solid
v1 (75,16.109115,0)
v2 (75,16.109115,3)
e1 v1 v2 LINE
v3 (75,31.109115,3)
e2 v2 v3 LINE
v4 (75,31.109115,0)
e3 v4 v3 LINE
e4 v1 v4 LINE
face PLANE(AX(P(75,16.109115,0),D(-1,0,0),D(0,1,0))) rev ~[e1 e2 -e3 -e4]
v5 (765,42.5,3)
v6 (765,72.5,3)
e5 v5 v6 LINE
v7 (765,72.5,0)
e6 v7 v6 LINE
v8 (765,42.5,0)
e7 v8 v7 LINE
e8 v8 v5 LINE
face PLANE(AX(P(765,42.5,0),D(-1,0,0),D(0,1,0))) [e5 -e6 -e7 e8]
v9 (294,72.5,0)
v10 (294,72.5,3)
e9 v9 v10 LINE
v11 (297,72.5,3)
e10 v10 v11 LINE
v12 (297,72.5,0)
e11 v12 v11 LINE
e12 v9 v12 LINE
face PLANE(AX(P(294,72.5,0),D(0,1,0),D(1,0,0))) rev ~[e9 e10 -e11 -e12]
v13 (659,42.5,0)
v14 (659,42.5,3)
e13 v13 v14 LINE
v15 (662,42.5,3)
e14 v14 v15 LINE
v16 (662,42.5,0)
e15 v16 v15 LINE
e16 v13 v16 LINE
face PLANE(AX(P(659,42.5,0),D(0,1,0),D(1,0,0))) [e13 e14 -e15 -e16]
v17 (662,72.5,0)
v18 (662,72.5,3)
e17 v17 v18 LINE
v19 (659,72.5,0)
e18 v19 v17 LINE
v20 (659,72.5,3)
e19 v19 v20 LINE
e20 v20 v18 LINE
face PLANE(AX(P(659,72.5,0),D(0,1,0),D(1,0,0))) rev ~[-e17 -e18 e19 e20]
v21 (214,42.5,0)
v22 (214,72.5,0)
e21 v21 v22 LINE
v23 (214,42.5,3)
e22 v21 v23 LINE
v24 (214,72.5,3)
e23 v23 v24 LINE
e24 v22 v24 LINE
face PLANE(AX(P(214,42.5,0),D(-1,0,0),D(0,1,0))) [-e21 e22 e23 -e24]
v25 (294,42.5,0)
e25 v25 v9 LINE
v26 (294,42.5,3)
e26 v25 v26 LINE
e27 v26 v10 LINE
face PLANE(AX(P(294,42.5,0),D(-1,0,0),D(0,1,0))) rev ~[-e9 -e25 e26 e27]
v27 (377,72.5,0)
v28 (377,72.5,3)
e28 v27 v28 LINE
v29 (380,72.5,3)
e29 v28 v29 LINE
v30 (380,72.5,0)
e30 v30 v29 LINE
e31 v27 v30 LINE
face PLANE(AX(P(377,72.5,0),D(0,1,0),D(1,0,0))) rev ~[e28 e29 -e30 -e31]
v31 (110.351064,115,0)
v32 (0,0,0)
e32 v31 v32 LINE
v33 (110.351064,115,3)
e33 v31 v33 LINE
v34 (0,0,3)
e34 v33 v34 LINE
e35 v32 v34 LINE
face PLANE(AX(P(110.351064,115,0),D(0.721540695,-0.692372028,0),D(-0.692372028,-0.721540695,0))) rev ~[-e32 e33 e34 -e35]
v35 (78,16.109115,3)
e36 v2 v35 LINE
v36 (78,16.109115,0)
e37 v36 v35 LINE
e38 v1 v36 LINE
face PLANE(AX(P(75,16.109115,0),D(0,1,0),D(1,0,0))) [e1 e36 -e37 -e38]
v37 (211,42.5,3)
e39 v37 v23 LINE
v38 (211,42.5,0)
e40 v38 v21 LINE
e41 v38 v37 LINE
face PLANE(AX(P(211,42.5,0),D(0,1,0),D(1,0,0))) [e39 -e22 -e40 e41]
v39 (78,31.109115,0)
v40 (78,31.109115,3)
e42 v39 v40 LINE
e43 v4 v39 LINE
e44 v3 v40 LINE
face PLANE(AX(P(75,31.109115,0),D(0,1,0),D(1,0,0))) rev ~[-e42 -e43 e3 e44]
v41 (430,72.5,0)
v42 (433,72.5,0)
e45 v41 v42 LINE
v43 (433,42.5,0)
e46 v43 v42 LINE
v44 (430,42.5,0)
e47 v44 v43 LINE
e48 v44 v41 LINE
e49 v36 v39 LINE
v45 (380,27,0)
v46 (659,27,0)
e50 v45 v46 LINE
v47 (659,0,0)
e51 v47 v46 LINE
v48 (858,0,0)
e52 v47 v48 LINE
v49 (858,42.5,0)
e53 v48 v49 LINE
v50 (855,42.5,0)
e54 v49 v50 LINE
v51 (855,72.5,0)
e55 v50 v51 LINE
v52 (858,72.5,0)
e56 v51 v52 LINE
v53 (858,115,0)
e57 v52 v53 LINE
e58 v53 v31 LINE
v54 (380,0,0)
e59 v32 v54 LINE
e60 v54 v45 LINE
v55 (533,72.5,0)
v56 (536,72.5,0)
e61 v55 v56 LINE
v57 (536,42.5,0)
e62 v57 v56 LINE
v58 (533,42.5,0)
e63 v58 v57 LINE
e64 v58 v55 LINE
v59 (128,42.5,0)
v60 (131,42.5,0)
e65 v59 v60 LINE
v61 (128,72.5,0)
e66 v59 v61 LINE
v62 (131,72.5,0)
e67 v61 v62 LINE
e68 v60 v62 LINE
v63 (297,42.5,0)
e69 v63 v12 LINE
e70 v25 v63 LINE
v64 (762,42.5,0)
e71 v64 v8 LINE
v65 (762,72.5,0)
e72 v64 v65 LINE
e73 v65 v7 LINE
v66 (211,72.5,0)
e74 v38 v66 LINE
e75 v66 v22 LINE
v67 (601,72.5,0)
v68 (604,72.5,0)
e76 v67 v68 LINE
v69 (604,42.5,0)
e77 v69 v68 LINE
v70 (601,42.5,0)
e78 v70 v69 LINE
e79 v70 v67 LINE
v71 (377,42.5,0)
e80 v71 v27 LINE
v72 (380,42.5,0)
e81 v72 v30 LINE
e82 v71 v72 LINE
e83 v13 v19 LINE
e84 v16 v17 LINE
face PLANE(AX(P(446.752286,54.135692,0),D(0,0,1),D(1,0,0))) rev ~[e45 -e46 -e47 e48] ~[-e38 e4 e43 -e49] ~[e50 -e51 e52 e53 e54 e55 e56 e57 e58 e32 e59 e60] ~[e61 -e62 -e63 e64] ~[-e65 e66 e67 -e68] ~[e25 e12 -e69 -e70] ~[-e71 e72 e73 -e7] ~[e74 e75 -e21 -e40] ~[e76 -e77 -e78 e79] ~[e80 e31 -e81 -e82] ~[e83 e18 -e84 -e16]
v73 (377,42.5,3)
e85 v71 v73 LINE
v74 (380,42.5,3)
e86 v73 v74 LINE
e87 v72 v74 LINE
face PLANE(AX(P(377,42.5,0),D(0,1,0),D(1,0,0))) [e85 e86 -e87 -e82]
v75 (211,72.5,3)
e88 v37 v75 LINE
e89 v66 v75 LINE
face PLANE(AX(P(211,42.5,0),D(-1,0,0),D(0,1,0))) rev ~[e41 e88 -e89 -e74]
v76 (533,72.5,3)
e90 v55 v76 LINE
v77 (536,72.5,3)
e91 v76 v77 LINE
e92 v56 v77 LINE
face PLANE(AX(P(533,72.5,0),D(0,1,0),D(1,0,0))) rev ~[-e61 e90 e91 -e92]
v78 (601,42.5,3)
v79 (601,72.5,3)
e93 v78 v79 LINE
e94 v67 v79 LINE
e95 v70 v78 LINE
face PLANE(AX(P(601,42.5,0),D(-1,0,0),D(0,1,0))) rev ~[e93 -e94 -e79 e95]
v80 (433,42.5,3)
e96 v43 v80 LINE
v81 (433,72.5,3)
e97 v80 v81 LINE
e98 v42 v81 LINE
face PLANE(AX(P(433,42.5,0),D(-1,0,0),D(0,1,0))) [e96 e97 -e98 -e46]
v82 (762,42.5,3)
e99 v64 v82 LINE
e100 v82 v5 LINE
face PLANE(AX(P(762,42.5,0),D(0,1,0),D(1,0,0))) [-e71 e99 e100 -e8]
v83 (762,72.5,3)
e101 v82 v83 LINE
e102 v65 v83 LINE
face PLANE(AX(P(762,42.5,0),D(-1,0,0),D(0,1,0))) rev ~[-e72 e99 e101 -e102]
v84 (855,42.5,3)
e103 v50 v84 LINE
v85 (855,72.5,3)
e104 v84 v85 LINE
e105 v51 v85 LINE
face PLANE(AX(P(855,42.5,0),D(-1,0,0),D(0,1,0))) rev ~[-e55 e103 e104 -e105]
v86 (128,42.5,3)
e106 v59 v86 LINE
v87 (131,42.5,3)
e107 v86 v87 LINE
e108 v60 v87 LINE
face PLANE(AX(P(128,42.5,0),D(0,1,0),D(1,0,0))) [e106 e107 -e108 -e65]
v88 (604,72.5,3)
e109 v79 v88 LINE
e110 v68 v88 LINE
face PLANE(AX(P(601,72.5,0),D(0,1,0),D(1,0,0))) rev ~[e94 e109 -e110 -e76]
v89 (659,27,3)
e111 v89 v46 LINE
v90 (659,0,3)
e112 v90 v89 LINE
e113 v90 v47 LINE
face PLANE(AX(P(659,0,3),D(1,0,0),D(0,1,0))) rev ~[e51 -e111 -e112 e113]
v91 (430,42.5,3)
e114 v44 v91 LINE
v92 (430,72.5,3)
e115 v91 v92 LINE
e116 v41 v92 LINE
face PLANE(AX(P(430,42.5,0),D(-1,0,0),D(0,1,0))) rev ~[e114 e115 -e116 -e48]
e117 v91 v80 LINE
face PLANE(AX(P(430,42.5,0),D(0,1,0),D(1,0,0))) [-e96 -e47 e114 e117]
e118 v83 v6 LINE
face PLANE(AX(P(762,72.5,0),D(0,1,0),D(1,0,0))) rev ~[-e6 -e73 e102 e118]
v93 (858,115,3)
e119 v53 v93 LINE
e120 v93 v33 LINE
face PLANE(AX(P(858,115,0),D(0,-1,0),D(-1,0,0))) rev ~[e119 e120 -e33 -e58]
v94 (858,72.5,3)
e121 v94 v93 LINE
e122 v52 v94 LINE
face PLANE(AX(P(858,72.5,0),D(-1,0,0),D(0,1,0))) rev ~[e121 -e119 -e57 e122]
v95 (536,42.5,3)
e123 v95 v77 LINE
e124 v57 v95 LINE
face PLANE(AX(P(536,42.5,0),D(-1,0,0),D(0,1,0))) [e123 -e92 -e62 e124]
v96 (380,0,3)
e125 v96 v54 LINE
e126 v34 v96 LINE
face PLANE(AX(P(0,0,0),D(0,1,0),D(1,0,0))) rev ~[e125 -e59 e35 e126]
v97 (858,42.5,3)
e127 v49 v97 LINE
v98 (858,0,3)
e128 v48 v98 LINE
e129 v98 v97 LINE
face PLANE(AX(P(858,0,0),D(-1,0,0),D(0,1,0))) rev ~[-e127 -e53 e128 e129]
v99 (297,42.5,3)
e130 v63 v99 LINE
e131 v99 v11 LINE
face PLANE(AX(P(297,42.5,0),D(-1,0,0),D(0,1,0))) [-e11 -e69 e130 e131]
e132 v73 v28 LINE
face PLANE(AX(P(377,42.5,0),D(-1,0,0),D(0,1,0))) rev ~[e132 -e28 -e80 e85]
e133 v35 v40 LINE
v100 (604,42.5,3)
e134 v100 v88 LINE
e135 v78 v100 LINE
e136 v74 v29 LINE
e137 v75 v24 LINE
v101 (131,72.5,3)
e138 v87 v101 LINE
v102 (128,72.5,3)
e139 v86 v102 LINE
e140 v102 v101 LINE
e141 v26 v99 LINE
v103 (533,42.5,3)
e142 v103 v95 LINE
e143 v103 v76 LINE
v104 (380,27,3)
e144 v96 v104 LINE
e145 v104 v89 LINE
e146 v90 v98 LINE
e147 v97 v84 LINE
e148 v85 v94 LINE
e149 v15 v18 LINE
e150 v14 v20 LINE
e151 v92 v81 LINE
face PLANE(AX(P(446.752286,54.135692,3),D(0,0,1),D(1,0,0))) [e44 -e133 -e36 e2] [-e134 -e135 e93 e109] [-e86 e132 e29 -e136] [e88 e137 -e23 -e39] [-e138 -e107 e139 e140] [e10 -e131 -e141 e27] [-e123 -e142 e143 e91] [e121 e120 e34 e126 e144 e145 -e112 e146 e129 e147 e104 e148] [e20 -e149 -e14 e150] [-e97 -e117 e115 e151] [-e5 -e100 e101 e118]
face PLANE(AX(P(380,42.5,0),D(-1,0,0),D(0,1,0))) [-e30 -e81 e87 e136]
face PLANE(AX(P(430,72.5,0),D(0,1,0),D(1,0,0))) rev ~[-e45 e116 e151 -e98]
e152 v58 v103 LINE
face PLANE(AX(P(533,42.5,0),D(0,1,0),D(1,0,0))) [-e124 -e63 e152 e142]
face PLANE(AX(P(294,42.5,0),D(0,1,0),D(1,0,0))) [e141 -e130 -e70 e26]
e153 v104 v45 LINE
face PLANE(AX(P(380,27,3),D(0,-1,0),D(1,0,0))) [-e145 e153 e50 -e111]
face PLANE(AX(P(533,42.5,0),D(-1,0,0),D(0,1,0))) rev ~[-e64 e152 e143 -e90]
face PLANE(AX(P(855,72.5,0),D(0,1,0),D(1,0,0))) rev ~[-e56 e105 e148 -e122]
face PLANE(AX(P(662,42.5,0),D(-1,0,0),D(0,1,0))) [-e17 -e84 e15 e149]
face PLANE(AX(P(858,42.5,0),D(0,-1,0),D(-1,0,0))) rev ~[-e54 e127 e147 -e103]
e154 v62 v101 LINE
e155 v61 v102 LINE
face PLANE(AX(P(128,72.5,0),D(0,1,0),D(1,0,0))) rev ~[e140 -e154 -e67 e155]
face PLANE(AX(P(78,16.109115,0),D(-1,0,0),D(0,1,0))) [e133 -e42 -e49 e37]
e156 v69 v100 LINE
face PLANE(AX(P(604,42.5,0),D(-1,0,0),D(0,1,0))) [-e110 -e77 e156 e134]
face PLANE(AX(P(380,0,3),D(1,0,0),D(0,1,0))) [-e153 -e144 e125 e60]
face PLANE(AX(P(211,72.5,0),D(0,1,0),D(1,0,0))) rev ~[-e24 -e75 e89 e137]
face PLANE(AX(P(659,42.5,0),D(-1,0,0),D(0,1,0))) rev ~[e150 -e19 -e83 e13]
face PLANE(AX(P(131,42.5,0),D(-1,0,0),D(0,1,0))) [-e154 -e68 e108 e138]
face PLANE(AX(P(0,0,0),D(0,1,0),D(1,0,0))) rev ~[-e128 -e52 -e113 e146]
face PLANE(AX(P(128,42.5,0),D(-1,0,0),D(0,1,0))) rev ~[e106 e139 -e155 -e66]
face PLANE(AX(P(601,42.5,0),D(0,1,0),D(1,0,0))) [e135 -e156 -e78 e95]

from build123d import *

# Parameters (mm, degrees)
SKETCH1_W           = 3
SKETCH1_H           = 15
SKETCH1_H_2         = 30
BOSS_EXTRUDE1_DEPTH = 3
SKETCH2_W           = 279
SKETCH2_H           = 27
CUT_EXTRUDE1_DEPTH  = 10


with BuildPart() as part:
    # Sketch1 → Boss-Extrude1 (new body)
    with BuildSketch(Plane.XY):
        Polygon((110.35106383, 115), (0, 0), (858, 0), (858, 42.5), (855, 42.5), (855, 72.5), (858, 72.5), (858, 115), align=None)
        with Locations((76.5, 23.609115303)):
            Rectangle(SKETCH1_W, SKETCH1_H, mode=Mode.SUBTRACT)
        with Locations((129.5, 57.5)):
            Rectangle(SKETCH1_W, SKETCH1_H_2, mode=Mode.SUBTRACT)
        with Locations((212.5, 57.5)):
            Rectangle(SKETCH1_W, SKETCH1_H_2, mode=Mode.SUBTRACT)
        with Locations((295.5, 57.5)):
            Rectangle(SKETCH1_W, SKETCH1_H_2, mode=Mode.SUBTRACT)
        with Locations((378.5, 57.5)):
            Rectangle(SKETCH1_W, SKETCH1_H_2, mode=Mode.SUBTRACT)
        with Locations((431.5, 57.5)):
            Rectangle(SKETCH1_W, SKETCH1_H_2, mode=Mode.SUBTRACT)
        with Locations((534.5, 57.5)):
            Rectangle(SKETCH1_W, SKETCH1_H_2, mode=Mode.SUBTRACT)
        with Locations((602.5, 57.5)):
            Rectangle(SKETCH1_W, SKETCH1_H_2, mode=Mode.SUBTRACT)
        with Locations((660.5, 57.5)):
            Rectangle(SKETCH1_W, SKETCH1_H_2, mode=Mode.SUBTRACT)
        with Locations((763.5, 57.5)):
            Rectangle(SKETCH1_W, SKETCH1_H_2, mode=Mode.SUBTRACT)
    extrude(amount=BOSS_EXTRUDE1_DEPTH)

    # Sketch2 → Cut-Extrude1 (cut)
    with BuildSketch(Plane.XY.offset(3)):
        with Locations((519.5, 13.5)):
            Rectangle(SKETCH2_W, SKETCH2_H)
    extrude(amount=-CUT_EXTRUDE1_DEPTH, mode=Mode.SUBTRACT)


solid = part.part
